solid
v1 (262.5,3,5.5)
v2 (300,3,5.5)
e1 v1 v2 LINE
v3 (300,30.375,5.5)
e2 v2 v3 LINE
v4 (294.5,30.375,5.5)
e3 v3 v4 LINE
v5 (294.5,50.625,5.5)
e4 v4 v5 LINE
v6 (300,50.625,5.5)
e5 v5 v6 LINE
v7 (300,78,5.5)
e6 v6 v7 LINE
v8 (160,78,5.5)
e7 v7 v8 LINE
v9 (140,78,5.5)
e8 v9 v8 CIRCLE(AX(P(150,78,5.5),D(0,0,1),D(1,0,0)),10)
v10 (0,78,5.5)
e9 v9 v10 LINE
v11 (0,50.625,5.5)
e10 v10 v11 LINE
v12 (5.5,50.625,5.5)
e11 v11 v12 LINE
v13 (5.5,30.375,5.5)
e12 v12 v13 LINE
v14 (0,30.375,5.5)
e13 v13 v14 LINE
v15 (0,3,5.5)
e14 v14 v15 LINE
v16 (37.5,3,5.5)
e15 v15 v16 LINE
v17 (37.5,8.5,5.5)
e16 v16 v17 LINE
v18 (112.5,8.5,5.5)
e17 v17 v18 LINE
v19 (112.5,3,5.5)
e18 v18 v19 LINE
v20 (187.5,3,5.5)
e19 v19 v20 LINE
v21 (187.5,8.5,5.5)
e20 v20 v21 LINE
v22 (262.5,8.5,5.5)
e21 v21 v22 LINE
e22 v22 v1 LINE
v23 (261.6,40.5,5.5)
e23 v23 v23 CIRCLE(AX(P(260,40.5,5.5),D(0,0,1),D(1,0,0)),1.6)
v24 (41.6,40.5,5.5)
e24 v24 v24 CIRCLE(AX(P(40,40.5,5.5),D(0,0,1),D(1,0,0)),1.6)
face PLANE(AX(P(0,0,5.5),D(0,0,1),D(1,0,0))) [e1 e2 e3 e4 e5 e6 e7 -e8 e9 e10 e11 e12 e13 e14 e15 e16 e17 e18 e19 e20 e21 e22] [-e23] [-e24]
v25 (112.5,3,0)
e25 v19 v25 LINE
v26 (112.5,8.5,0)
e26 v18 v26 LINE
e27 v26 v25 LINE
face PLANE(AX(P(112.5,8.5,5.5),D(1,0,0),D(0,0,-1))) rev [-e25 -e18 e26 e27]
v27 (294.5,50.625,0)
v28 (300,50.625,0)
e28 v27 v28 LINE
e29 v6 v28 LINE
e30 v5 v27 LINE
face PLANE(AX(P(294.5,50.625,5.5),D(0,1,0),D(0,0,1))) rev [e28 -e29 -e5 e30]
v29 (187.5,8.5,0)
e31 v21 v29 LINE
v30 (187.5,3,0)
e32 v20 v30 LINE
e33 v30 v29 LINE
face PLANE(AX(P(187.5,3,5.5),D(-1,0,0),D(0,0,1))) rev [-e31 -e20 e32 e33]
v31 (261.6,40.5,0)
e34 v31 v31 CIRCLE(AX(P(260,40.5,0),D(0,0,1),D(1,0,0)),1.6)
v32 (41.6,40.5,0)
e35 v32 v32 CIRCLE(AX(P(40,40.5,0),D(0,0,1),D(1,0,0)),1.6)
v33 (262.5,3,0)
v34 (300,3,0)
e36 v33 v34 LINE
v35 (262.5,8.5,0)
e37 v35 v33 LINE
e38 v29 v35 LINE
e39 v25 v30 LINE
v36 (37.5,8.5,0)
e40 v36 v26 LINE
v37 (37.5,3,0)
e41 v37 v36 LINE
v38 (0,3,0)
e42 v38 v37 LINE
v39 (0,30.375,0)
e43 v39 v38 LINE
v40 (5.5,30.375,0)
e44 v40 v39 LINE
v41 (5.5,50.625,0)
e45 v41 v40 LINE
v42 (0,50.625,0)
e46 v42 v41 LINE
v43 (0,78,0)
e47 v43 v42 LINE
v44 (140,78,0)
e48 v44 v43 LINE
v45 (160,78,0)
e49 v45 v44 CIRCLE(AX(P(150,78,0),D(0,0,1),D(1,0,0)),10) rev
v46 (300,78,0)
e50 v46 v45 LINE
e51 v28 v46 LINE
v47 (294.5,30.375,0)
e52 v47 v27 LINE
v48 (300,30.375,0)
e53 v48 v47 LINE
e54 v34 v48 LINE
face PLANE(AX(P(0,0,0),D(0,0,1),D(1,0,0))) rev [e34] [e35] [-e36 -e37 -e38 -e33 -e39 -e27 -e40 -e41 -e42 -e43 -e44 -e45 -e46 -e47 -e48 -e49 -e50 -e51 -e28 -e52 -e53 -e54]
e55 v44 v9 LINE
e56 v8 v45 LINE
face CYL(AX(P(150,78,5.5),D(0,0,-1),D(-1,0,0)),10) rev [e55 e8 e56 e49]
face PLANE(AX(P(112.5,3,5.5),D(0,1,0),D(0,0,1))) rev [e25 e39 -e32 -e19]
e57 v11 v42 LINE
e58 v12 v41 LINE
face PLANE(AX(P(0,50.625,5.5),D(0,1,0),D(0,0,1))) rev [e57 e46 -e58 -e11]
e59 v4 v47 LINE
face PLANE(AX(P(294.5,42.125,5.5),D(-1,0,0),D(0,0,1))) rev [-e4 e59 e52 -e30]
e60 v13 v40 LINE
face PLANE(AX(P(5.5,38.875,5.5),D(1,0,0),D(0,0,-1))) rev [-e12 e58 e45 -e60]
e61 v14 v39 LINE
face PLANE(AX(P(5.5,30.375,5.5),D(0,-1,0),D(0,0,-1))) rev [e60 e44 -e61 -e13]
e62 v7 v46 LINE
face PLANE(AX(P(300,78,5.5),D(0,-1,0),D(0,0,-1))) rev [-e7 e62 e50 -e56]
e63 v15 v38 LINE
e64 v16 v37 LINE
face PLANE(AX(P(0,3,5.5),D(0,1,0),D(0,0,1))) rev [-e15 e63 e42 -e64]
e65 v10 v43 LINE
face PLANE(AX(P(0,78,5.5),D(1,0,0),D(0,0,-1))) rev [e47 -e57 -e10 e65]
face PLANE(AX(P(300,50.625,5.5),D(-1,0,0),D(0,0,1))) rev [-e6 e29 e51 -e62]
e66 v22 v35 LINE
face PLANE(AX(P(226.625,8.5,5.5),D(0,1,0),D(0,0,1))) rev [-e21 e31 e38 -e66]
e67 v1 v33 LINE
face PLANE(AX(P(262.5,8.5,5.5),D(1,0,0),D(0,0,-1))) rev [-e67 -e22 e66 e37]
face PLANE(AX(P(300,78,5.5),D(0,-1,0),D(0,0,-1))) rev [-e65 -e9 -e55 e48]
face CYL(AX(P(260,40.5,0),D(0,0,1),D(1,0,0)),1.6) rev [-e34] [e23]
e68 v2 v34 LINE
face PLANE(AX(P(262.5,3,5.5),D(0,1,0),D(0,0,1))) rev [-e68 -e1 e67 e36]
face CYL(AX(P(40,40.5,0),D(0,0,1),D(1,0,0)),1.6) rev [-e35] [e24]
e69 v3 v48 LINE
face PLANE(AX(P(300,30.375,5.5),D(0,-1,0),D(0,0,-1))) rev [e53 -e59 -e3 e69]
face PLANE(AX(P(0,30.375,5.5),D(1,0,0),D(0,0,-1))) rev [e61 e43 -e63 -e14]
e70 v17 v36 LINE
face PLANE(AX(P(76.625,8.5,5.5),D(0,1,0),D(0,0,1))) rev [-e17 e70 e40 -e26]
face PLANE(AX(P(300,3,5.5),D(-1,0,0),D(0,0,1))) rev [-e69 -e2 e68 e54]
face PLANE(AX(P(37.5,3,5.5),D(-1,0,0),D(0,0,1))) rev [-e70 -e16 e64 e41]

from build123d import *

# Parameters (mm, degrees)
BOSS_EXTRUDE1_DEPTH = 5.5
SKETCH2_R           = 10
CUT_EXTRUDE2_DEPTH  = 311.022983019
SKETCH3_R           = 1.6
CUT_EXTRUDE3_DEPTH  = 311.022983019
SKETCH4_W           = 9.45
SKETCH4_H           = 3.25
SKETCH4_W_2         = 2.65
SKETCH4_H_2         = 1.25
SKETCH4_W_3         = 3.25
SKETCH4_H_3         = 9.45
SKETCH4_H_4         = 2.65
SKETCH4_W_4         = 1.25
BOSS_EXTRUDE2_DEPTH = 5.5


with BuildPart() as part:
    # Sketch1 → Boss-Extrude1 (new body)
    with BuildSketch(Plane.XY):
        Polygon((0, 78), (0, 50.625), (5.5, 50.625), (5.5, 42.125), (14.95, 42.125), (14.95, 43.375), (17.6, 43.375), (17.6, 42.125), (20.25, 42.125), (20.25, 38.875), (17.6, 38.875), (17.6, 37.625), (14.95, 37.625), (14.95, 38.875), (5.5, 38.875), (5.5, 30.375), (0, 30.375), (0, 3), (37.5, 3), (37.5, 8.5), (73.375, 8.5), (73.375, 17.95), (72.125, 17.95), (72.125, 20.6), (73.375, 20.6), (73.375, 23.25), (76.625, 23.25), (76.625, 20.6), (77.875, 20.6), (77.875, 17.95), (76.625, 17.95), (76.625, 8.5), (112.5, 8.5), (112.5, 3), (187.5, 3), (187.5, 8.5), (223.375, 8.5), (223.375, 17.95), (222.125, 17.95), (222.125, 20.6), (223.375, 20.6), (223.375, 23.25), (226.625, 23.25), (226.625, 20.6), (227.875, 20.6), (227.875, 17.95), (226.625, 17.95), (226.625, 8.5), (262.5, 8.5), (262.5, 3), (300, 3), (300, 30.375), (294.5, 30.375), (294.5, 38.875), (285.05, 38.875), (285.05, 37.625), (282.4, 37.625), (282.4, 38.875), (279.75, 38.875), (279.75, 42.125), (282.4, 42.125), (282.4, 43.375), (285.05, 43.375), (285.05, 42.125), (294.5, 42.125), (294.5, 50.625), (300, 50.625), (300, 78), align=None)
    extrude(amount=BOSS_EXTRUDE1_DEPTH)

    # Sketch2 → Cut-Extrude2 (cut, through all)
    with BuildSketch(Plane.XY):
        with Locations((150, 78)):
            Circle(SKETCH2_R)
    extrude(amount=CUT_EXTRUDE2_DEPTH, mode=Mode.SUBTRACT)

    # Sketch3 → Cut-Extrude3 (cut, through all)
    with BuildSketch(Plane.XY.offset(5.5)):
        with Locations((40, 40.5)):
            Circle(SKETCH3_R)
        with Locations((260, 40.5)):
            Circle(SKETCH3_R)
    extrude(amount=-CUT_EXTRUDE3_DEPTH, mode=Mode.SUBTRACT)

    # Sketch4 → Boss-Extrude2 (add)
    with BuildSketch(Plane.XY.offset(5.5)):
        with Locations((289.775, 40.5)):
            Rectangle(SKETCH4_W, SKETCH4_H)
        with Locations((283.725, 40.5)):
            Rectangle(SKETCH4_W_2, SKETCH4_H)
        with Locations((281.075, 40.5)):
            Rectangle(SKETCH4_W_2, SKETCH4_H)
        with Locations((283.725, 38.25)):
            Rectangle(SKETCH4_W_2, SKETCH4_H_2)
        with Locations((283.725, 42.75)):
            Rectangle(SKETCH4_W_2, SKETCH4_H_2)
        with Locations((225, 13.225)):
            Rectangle(SKETCH4_W_3, SKETCH4_H_3)
        with Locations((225, 19.275)):
            Rectangle(SKETCH4_W_3, SKETCH4_H_4)
        with Locations((225, 21.925)):
            Rectangle(SKETCH4_W_3, SKETCH4_H_4)
        with Locations((227.25, 19.275)):
            Rectangle(SKETCH4_W_4, SKETCH4_H_4)
        with Locations((222.75, 19.275)):
            Rectangle(SKETCH4_W_4, SKETCH4_H_4)
        with Locations((75, 13.225)):
            Rectangle(SKETCH4_W_3, SKETCH4_H_3)
        with Locations((75, 19.275)):
            Rectangle(SKETCH4_W_3, SKETCH4_H_4)
        with Locations((75, 21.925)):
            Rectangle(SKETCH4_W_3, SKETCH4_H_4)
        with Locations((77.25, 19.275)):
            Rectangle(SKETCH4_W_4, SKETCH4_H_4)
        with Locations((72.75, 19.275)):
            Rectangle(SKETCH4_W_4, SKETCH4_H_4)
        with Locations((10.225, 40.5)):
            Rectangle(SKETCH4_W, SKETCH4_H)
        with Locations((16.275, 40.5)):
            Rectangle(SKETCH4_W_2, SKETCH4_H)
        with Locations((16.275, 38.25)):
            Rectangle(SKETCH4_W_2, SKETCH4_H_2)
        with Locations((18.925, 40.5)):
            Rectangle(SKETCH4_W_2, SKETCH4_H)
        with Locations((16.275, 42.75)):
            Rectangle(SKETCH4_W_2, SKETCH4_H_2)
    extrude(amount=-BOSS_EXTRUDE2_DEPTH)


solid = part.part
